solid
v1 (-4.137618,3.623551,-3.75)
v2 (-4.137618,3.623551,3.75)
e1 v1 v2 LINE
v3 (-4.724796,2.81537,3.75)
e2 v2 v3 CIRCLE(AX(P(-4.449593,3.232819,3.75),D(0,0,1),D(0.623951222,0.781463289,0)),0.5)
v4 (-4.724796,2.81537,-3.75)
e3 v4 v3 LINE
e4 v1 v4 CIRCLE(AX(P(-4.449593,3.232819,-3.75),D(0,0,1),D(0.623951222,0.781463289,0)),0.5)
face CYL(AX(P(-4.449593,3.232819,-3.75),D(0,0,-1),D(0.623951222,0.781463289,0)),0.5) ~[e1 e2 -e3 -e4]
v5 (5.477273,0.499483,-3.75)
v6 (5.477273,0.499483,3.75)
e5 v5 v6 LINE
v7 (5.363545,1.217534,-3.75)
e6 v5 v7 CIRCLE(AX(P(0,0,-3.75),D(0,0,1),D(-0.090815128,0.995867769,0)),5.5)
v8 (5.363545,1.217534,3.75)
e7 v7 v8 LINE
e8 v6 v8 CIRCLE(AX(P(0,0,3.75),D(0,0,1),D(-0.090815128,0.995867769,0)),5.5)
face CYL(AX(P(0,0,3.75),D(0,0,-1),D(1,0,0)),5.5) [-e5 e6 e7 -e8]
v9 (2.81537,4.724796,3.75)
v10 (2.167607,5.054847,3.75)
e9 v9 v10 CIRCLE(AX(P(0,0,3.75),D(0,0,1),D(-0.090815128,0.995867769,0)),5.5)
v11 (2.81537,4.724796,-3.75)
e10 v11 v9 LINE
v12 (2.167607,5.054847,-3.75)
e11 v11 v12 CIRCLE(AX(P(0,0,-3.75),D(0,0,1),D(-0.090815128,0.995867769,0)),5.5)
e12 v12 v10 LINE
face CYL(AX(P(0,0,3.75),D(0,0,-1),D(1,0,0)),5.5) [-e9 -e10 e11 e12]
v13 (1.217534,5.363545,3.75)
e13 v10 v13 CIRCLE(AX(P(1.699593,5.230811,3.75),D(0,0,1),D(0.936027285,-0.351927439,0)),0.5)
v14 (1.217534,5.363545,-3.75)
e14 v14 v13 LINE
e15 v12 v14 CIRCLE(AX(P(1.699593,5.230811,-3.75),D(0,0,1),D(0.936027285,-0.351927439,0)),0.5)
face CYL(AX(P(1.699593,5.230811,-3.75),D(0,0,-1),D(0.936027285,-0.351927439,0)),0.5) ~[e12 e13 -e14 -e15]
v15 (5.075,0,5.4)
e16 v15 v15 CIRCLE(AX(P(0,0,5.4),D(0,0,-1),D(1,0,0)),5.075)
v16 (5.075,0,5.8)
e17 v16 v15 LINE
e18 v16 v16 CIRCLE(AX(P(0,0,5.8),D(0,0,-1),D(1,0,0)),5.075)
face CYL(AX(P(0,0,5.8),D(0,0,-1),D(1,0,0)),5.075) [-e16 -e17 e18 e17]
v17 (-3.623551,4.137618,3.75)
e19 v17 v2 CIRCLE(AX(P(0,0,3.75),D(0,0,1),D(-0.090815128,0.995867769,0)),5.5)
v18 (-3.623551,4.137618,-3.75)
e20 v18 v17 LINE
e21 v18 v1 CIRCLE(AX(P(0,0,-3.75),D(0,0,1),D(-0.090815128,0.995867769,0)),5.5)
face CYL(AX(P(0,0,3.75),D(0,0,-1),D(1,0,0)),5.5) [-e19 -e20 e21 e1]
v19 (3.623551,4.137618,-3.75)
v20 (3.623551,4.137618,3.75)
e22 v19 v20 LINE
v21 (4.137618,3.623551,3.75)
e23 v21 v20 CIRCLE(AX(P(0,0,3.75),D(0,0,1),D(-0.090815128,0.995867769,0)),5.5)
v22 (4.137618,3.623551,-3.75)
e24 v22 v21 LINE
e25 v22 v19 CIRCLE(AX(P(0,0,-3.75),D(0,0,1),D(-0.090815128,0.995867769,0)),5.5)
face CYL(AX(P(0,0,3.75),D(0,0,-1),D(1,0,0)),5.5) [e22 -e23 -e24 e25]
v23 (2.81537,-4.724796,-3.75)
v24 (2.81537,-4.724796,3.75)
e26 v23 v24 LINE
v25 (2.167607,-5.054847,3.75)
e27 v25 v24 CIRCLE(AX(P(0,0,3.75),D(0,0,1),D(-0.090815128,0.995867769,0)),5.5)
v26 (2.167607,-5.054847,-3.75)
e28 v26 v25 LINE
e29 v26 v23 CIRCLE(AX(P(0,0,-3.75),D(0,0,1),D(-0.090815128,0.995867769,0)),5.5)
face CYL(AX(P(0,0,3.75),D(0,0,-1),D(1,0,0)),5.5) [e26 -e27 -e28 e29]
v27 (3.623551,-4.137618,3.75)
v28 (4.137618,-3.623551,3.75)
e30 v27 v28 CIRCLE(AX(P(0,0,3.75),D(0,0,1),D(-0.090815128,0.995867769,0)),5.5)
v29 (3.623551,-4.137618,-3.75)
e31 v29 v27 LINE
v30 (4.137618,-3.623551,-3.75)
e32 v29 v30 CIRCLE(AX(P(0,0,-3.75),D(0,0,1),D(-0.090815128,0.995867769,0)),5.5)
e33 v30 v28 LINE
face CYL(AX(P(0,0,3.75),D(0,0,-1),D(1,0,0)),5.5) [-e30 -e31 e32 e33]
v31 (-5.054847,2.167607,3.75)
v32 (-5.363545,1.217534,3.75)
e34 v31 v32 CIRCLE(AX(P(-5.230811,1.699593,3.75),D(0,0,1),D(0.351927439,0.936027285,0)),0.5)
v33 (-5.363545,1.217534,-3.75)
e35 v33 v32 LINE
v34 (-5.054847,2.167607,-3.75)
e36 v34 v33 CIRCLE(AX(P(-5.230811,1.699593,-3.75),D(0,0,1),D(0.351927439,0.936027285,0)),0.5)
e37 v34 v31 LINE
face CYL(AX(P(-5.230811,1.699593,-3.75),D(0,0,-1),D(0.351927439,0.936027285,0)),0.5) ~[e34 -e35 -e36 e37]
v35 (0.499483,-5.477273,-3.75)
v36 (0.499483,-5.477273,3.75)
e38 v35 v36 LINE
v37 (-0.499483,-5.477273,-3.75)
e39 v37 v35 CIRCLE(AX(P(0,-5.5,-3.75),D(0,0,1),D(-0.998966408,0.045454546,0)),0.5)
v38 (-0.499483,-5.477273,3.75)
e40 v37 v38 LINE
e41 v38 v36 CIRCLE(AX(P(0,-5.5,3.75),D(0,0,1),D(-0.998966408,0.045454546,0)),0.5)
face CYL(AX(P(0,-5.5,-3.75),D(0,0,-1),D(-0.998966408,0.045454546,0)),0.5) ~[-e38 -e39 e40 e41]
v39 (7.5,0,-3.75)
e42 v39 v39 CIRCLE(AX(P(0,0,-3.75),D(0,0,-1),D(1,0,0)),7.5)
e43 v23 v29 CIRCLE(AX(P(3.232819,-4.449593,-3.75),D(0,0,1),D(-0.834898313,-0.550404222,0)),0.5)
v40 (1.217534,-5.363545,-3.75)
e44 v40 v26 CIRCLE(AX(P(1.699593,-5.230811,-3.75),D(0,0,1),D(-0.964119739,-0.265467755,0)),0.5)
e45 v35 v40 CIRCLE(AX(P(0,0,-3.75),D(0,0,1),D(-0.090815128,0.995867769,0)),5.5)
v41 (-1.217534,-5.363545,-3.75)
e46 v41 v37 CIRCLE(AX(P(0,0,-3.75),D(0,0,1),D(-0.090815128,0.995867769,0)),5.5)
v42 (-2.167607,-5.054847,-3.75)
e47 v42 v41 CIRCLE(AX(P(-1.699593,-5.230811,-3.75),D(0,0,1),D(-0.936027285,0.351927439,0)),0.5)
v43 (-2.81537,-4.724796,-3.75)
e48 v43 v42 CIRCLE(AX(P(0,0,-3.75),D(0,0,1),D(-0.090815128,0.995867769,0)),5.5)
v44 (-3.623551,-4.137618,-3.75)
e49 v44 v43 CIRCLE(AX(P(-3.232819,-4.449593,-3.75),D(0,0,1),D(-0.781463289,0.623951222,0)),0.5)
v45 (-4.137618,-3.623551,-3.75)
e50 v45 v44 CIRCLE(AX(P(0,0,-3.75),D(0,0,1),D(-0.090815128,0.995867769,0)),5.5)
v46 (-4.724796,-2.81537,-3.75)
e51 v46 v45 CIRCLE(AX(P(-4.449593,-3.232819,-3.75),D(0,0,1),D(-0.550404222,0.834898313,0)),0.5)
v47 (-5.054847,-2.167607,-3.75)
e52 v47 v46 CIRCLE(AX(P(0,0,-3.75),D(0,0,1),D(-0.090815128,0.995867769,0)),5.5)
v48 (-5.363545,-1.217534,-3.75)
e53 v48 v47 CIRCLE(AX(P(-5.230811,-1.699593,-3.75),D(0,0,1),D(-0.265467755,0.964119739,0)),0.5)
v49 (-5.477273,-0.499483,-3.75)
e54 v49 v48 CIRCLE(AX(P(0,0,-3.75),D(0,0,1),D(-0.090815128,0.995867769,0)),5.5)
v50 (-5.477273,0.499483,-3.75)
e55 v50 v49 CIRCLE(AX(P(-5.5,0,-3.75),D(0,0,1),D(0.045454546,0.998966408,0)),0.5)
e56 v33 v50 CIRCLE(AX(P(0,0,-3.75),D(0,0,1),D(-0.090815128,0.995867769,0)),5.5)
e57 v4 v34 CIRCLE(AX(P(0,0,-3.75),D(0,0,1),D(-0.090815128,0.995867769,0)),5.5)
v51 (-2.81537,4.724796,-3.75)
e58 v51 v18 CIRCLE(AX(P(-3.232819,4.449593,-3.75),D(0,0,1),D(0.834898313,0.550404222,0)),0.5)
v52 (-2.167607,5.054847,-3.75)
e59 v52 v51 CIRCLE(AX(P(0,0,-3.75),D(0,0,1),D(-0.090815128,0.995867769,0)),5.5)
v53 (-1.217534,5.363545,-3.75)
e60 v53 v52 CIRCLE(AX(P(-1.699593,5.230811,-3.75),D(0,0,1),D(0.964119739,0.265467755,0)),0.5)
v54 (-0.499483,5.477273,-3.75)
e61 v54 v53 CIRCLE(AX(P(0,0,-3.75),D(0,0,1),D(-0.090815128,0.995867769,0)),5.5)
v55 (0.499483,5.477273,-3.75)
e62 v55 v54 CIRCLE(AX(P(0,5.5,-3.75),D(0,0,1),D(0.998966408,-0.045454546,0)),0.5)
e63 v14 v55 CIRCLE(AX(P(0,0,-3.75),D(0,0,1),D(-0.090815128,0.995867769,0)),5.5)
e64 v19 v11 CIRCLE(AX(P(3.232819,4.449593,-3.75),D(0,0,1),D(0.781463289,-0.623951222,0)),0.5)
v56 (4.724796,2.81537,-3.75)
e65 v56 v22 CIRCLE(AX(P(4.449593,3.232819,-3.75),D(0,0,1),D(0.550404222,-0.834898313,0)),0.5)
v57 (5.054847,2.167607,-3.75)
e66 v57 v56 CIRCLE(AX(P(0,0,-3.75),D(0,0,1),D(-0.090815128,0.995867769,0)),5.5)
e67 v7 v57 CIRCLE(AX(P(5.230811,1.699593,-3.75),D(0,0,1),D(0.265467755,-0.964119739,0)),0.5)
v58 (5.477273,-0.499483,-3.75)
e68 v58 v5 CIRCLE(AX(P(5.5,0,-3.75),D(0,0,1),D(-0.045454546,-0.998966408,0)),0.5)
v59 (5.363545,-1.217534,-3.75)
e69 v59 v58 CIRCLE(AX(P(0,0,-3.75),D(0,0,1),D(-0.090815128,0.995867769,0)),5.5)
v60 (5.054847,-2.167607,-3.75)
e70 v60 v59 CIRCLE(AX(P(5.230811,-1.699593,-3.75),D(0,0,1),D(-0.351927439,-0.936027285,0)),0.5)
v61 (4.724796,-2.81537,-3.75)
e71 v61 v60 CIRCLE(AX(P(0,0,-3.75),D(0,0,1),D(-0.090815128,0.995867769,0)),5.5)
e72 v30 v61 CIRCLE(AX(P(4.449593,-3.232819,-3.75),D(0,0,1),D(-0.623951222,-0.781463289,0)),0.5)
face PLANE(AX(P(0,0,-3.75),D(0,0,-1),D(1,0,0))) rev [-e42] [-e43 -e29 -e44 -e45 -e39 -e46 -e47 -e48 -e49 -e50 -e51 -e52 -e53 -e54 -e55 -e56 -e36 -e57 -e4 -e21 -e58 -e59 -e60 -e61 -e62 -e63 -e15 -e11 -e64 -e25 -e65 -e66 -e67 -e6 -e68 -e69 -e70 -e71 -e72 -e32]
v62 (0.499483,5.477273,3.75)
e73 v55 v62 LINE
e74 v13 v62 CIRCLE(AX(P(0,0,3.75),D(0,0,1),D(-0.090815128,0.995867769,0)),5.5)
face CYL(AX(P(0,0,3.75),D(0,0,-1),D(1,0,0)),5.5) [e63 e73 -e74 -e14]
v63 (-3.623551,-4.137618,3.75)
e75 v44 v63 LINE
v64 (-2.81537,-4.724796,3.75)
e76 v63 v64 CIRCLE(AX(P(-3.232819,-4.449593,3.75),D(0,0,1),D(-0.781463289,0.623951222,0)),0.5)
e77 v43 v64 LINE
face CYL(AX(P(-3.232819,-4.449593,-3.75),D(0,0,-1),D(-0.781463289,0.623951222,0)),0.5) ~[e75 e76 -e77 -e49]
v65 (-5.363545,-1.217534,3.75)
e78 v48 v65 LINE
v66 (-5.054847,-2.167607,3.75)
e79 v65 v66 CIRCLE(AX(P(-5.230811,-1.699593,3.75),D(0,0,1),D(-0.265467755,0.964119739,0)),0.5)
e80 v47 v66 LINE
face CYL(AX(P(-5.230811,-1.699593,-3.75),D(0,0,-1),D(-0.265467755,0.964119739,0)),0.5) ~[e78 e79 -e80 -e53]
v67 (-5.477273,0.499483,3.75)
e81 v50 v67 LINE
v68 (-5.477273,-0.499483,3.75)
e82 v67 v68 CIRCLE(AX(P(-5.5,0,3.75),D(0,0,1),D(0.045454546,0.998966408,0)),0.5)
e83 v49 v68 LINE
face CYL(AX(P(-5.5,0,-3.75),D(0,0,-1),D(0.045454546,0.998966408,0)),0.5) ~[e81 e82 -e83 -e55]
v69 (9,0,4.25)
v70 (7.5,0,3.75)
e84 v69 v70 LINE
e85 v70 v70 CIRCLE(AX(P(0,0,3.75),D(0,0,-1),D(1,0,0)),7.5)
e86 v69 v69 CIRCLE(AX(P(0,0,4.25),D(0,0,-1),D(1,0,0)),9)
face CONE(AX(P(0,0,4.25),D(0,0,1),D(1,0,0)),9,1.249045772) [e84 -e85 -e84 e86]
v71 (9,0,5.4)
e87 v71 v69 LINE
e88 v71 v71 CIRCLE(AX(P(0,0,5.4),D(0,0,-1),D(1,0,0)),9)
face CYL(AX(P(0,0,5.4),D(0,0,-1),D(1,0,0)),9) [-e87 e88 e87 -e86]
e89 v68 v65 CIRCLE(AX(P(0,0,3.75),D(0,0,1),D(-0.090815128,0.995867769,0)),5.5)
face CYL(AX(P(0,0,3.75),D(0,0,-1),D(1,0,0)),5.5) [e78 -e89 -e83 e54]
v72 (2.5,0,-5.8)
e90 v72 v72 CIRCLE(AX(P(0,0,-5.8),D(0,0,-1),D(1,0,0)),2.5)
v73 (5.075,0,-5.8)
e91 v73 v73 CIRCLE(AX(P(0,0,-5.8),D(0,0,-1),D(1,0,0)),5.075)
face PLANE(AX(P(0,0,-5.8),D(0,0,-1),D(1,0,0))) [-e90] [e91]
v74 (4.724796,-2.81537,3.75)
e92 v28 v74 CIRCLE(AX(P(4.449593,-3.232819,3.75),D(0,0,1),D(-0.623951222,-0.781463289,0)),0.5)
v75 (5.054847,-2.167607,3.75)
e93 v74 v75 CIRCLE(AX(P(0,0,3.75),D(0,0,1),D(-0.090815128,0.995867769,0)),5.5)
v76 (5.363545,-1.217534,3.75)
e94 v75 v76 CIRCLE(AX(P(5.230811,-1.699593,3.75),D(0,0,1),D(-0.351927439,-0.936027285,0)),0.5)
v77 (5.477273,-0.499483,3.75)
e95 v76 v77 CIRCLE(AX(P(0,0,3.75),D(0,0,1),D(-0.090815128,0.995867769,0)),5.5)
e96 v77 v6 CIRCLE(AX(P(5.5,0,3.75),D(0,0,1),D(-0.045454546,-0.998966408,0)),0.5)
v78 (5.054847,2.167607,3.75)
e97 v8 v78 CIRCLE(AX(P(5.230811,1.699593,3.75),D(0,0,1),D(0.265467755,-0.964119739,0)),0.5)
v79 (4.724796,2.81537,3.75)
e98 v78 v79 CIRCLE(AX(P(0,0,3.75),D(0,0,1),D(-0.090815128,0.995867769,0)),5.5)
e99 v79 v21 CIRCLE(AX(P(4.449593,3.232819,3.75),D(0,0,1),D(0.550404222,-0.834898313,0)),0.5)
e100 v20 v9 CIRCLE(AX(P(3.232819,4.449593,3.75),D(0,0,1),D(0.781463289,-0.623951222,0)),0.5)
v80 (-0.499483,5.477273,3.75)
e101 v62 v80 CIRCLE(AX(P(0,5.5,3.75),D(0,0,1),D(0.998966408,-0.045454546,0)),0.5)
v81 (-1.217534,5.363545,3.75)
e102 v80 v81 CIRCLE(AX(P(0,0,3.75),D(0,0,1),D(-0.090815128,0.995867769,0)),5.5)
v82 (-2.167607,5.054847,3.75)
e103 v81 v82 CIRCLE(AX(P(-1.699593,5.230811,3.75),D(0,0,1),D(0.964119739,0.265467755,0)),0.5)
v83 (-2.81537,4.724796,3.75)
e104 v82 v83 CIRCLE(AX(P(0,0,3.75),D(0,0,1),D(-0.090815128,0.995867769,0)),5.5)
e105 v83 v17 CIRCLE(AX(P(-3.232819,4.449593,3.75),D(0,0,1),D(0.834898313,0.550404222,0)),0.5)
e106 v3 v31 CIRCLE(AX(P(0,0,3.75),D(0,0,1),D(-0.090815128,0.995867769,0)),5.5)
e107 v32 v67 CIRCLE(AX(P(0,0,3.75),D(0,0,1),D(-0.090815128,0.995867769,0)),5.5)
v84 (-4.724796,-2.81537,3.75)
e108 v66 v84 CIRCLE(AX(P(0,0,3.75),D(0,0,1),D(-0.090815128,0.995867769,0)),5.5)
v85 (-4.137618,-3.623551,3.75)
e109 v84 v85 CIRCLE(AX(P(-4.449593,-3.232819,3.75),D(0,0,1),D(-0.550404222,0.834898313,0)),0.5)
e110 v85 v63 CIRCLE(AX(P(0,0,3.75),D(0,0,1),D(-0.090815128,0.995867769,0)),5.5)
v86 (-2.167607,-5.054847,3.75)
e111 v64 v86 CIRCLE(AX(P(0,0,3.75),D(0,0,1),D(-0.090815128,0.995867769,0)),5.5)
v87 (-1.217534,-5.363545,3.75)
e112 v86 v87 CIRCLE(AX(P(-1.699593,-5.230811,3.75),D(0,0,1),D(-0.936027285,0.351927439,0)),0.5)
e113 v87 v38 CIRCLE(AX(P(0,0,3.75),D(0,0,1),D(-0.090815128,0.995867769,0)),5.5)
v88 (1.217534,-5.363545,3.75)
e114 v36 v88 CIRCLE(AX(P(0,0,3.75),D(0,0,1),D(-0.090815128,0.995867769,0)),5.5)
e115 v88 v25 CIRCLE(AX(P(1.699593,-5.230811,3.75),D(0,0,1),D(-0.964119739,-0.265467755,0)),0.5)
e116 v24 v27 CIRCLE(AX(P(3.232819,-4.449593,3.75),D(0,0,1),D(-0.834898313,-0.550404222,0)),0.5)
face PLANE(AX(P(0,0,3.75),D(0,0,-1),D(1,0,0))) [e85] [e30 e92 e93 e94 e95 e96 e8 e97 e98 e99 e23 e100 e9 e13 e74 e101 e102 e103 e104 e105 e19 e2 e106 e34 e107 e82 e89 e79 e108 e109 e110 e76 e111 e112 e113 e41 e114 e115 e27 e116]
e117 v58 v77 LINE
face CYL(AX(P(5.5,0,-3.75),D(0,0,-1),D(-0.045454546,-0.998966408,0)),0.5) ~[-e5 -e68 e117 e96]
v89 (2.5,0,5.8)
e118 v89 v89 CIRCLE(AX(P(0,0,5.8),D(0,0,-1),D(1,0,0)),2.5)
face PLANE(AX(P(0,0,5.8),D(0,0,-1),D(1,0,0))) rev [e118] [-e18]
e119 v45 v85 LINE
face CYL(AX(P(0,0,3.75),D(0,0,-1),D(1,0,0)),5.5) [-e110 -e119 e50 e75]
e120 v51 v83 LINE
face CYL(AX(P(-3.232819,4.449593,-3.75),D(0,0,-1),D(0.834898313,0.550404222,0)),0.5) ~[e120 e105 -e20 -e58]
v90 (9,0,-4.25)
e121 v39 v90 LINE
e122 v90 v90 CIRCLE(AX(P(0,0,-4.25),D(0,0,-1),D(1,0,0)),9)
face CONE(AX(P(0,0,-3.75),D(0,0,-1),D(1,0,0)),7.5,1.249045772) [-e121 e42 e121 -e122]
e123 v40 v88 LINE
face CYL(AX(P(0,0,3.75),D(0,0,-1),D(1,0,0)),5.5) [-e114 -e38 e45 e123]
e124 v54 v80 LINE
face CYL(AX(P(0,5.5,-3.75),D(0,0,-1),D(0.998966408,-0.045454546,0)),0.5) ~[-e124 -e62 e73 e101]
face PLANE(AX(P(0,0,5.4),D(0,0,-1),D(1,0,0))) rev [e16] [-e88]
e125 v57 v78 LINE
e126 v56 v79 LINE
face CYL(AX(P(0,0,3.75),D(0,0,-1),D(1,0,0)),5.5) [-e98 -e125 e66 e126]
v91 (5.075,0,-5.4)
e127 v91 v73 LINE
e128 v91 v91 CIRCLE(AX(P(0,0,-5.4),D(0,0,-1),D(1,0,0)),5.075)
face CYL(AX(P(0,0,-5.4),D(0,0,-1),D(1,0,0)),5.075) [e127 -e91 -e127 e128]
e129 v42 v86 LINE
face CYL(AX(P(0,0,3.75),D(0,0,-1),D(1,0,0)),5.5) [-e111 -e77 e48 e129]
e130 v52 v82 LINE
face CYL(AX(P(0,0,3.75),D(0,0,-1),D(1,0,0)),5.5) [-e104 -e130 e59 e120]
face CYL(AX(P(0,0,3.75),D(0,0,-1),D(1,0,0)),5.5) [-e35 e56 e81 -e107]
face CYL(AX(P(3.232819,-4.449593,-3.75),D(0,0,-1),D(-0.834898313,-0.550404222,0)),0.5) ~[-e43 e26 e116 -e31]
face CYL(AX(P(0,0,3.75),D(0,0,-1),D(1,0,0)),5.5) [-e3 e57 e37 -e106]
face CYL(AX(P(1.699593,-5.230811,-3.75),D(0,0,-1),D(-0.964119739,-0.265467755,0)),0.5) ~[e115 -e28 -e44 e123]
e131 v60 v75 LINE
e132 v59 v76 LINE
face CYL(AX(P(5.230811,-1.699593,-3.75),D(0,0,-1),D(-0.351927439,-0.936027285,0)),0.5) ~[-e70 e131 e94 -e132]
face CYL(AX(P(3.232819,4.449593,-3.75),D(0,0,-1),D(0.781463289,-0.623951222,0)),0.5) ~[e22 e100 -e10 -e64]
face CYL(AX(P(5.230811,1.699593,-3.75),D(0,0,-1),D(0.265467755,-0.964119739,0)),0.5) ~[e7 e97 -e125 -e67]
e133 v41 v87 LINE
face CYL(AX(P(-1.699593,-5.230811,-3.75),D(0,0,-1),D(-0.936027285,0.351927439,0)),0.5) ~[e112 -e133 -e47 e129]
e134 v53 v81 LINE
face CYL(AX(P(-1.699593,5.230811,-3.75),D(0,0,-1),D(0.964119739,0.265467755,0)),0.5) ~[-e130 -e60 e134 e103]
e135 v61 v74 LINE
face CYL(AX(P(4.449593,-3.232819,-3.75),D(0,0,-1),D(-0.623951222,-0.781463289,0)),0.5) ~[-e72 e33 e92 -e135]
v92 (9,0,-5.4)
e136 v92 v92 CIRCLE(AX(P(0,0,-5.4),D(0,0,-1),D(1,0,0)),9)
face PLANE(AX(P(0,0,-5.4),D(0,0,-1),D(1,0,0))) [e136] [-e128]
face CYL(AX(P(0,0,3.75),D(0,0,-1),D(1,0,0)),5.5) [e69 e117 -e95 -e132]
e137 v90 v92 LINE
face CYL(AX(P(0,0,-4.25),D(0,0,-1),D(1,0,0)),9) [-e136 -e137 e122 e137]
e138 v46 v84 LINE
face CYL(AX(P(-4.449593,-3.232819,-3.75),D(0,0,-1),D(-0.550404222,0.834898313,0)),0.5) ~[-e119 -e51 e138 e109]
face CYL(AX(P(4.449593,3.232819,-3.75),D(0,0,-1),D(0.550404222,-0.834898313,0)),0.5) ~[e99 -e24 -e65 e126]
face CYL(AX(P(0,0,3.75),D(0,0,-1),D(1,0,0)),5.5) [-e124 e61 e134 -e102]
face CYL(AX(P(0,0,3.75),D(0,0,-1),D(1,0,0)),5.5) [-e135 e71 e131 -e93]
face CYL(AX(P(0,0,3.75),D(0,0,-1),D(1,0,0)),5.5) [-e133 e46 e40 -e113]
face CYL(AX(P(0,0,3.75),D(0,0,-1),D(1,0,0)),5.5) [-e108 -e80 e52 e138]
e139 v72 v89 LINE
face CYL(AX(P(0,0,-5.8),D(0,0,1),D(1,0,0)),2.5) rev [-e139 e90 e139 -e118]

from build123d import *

# Parameters (mm, degrees)
BOSS_EXTRUDE1_DEPTH = 7.5
CIRPATTERN1_COUNT   = 20


with BuildPart() as part:
    # Sketch1 → Revolve1 (revolve)
    with BuildSketch(Plane(origin=(0, 0, 0), x_dir=(0, 0, -1), z_dir=(1, 0, 0)), mode=Mode.PRIVATE) as revolve1_sk:
        Polygon((-3.75, 7.5), (-3.75, 5.5), (3.75, 5.5), (3.75, 7.5), (4.25, 9), (5.4, 9), (5.4, 5.075), (5.8, 5.075), (5.8, 2.5), (-5.8, 2.5), (-5.8, 5.075), (-5.4, 5.075), (-5.4, 9), (-4.25, 9), align=None)
    revolve(revolve1_sk.sketch.rotate(Axis((0, 0, 0), (0, 0, -1)), 90), axis=Axis((0, 0, 0), (0, 0, -1)))

    # Sketch2 → Boss-Extrude1 (add)
    with BuildSketch(Plane.XY.offset(-3.75)):
        with BuildLine():
            ThreePointArc((0.499483204, 5.477272727), (0, 6), (-0.499483204, 5.477272727))
            ThreePointArc((-0.499483204, 5.477272727), (0, 5.5), (0.499483204, 5.477272727))
        make_face()
    boss_extrude1 = extrude(amount=BOSS_EXTRUDE1_DEPTH)

    # CirPattern1: Boss-Extrude1 ×20 about axis
    cirpattern1_axis = Axis((0, 0, 0), (0, 0, 1))
    for i in range(1, CIRPATTERN1_COUNT):
        add(boss_extrude1.rotate(cirpattern1_axis, i * 360 / CIRPATTERN1_COUNT))


solid = part.part
